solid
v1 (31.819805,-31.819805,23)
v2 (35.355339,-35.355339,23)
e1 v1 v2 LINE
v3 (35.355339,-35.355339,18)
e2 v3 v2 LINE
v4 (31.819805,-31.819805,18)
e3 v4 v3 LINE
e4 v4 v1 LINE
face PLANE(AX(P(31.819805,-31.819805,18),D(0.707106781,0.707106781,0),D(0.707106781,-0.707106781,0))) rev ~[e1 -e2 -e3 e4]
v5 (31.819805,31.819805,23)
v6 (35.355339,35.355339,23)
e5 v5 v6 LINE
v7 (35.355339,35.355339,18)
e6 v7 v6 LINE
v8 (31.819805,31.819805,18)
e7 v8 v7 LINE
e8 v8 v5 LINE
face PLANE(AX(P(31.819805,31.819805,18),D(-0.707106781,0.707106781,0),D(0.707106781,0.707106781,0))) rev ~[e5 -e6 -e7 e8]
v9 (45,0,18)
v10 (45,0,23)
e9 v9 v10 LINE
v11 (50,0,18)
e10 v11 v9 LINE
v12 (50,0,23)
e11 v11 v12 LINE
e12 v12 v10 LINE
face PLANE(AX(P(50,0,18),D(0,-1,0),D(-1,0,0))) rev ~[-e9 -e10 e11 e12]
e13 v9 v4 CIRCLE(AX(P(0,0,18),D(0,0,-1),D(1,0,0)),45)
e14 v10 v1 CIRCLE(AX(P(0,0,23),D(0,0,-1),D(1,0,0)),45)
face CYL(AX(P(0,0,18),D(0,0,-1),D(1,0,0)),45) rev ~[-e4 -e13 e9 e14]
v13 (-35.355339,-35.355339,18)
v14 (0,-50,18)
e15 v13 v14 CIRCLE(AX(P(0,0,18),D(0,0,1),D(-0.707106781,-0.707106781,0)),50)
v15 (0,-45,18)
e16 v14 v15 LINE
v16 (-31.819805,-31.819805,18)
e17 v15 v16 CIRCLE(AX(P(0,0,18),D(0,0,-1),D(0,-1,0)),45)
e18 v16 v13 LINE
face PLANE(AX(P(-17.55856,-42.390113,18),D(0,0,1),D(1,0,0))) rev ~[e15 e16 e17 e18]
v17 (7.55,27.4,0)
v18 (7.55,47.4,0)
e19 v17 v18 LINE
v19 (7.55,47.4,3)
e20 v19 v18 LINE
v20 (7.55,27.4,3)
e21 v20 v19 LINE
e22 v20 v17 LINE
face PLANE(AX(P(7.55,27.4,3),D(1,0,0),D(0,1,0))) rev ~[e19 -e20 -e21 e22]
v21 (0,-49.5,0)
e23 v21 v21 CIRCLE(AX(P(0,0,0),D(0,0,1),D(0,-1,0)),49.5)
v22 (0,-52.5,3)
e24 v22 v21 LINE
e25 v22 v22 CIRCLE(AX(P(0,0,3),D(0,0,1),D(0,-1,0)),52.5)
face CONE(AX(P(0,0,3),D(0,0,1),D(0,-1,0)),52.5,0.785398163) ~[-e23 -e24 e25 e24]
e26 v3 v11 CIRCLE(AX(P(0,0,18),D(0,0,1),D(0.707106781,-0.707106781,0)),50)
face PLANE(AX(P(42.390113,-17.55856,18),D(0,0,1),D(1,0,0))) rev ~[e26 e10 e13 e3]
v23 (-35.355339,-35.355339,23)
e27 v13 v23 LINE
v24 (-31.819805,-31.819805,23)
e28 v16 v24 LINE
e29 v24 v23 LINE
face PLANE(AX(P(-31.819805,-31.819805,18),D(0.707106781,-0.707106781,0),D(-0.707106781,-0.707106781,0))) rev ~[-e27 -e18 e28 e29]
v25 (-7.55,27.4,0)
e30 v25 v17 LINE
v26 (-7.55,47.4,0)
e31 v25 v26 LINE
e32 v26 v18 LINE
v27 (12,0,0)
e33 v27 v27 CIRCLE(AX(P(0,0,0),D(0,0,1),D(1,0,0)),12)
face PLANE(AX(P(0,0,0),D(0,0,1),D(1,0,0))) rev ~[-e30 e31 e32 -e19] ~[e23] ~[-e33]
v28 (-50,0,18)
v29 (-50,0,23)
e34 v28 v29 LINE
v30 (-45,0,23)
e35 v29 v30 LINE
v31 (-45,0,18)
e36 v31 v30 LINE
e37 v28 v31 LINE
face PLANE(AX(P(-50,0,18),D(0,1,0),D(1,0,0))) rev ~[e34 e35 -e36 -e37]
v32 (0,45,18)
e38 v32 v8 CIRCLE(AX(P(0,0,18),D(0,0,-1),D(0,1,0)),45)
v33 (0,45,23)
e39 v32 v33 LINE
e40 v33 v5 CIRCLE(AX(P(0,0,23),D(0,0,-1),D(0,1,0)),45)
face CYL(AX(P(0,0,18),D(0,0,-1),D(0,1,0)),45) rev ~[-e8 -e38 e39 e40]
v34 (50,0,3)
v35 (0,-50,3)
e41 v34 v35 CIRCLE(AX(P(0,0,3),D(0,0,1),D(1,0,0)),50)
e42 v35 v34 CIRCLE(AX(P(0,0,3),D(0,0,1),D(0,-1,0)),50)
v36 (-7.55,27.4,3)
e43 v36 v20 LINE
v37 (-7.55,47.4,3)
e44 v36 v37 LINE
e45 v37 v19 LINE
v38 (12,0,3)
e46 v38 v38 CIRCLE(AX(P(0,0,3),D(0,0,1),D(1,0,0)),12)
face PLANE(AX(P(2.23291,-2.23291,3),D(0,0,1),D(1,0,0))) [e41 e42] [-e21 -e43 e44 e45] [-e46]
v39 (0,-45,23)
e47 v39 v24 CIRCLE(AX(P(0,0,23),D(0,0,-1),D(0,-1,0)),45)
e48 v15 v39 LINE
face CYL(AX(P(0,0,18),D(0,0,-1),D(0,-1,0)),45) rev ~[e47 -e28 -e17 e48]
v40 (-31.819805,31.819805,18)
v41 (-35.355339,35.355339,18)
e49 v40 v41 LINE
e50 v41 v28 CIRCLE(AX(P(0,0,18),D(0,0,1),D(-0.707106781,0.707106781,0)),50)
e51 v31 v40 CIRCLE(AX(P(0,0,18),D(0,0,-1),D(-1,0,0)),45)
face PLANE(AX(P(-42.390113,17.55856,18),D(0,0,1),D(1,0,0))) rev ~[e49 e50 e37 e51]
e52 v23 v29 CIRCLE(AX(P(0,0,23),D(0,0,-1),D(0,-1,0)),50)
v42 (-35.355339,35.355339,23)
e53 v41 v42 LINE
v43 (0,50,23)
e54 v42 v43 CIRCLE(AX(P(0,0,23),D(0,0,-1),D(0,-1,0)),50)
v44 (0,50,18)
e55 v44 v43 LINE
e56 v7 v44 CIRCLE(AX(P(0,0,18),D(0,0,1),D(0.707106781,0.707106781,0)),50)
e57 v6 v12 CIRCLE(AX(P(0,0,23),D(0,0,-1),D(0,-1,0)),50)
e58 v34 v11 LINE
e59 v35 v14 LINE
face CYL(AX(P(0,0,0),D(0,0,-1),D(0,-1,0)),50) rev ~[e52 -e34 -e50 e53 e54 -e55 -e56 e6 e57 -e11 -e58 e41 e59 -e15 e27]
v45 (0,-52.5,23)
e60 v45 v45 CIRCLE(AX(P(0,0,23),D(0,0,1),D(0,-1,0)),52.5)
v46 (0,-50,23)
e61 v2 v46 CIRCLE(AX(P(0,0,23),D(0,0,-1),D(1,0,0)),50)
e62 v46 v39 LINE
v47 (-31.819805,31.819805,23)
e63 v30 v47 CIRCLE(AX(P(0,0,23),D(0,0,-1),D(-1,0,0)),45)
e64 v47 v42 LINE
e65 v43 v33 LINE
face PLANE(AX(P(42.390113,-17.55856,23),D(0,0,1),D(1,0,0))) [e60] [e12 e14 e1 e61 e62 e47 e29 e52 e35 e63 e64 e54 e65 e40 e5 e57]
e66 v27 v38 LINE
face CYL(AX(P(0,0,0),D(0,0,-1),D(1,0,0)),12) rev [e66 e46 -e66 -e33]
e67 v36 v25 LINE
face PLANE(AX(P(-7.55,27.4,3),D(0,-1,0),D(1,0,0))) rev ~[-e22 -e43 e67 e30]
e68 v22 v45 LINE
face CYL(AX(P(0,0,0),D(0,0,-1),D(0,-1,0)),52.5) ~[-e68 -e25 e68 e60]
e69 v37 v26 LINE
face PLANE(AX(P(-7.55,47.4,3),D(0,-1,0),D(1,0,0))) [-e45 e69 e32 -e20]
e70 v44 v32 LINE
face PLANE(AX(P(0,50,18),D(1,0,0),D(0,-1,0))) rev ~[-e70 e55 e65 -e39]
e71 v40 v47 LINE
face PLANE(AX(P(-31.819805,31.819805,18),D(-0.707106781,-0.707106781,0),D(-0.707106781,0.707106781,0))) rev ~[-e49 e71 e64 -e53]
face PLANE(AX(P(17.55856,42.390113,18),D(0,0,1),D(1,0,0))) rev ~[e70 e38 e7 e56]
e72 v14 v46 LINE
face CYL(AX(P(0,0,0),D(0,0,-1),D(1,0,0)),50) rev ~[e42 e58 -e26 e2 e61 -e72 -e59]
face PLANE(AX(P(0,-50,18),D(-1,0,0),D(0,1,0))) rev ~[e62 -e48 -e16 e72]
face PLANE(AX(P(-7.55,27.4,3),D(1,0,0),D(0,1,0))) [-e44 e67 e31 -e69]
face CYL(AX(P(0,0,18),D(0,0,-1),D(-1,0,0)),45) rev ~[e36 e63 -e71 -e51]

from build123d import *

# Parameters (mm, degrees)
F0_R     = 12
F1_DEPTH = 3
F2_DEPTH = 23
F4_START = 18
F4_DEPTH = 5
F5_SIZE  = 3
F6_W     = 15.1
F6_H     = 20
F7_DEPTH = 52.8


with BuildPart() as f1:
    # F0 (on Top) → F1 (new body)
    with BuildSketch(Plane.XY):
        with BuildLine():
            ThreePointArc((0, -50), (35.3553390593, -35.3553390593), (50, 0))
            ThreePointArc((50, 0), (-35.3553390593, 35.3553390593), (0, -50))
        make_face()
        Circle(F0_R, mode=Mode.SUBTRACT)
    extrude(amount=F1_DEPTH)

    # F0 (on Top) → F2 (join)
    with BuildSketch(Plane.XY):
        with BuildLine():
            ThreePointArc((52.5, 0), (-37.1231060123, 37.1231060123), (0, -52.5))
            ThreePointArc((0, -52.5), (37.1231060123, -37.1231060123), (52.5, 0))
        make_face()
        with BuildLine():
            ThreePointArc((0, -50), (-35.3553390593, 35.3553390593), (50, 0))
            ThreePointArc((50, 0), (35.3553390593, -35.3553390593), (0, -50))
        make_face(mode=Mode.SUBTRACT)
    extrude(amount=F2_DEPTH)

    # F3 (on Top) → F4 (join)
    with BuildSketch(Plane.XY.offset(F4_START)):
        with BuildLine():
            Line((31.8198051534, -31.8198051534), (35.3553390593, -35.3553390593))
            ThreePointArc((35.3553390593, -35.3553390593), (46.1939766256, -19.1341716183), (50, 0))
            Line((50, 0), (45, 0))
            ThreePointArc((45, 0), (41.574578963, -17.2207544564), (31.8198051534, -31.8198051534))
        make_face()
        with BuildLine():
            ThreePointArc((-45, 0), (-41.574578963, 17.2207544564), (-31.8198051534, 31.8198051534))
            Line((-31.8198051534, 31.8198051534), (-35.3553390593, 35.3553390593))
            ThreePointArc((-35.3553390593, 35.3553390593), (-46.1939766256, 19.1341716183), (-50, 0))
            Line((-50, 0), (-45, 0))
        make_face()
        with BuildLine():
            ThreePointArc((35.3553390593, 35.3553390593), (19.1341716183, 46.1939766256), (0, 50))
            Line((0, 50), (0, 45))
            ThreePointArc((0, 45), (17.2207544564, 41.574578963), (31.8198051534, 31.8198051534))
            Line((31.8198051534, 31.8198051534), (35.3553390593, 35.3553390593))
        make_face()
        with BuildLine():
            Line((-31.8198051534, -31.8198051534), (-35.3553390593, -35.3553390593))
            ThreePointArc((-35.3553390593, -35.3553390593), (-19.1341716183, -46.1939766256), (0, -50))
            Line((0, -50), (0, -45))
            ThreePointArc((0, -45), (-17.2207544564, -41.574578963), (-31.8198051534, -31.8198051534))
        make_face()
    extrude(amount=F4_DEPTH)

    # F5
    f5_edges = [f1.edges().sort_by_distance(p)[0] for p in [
        (0, 52.5, 0),
    ]]
    chamfer(f5_edges, length=F5_SIZE)

    # F6 (on face) → F7 (cut)
    with BuildSketch(Plane.XY.offset(3)):
        with Locations((0, 37.4)):
            Rectangle(F6_W, F6_H)
    extrude(amount=-F7_DEPTH, mode=Mode.SUBTRACT)


solid = f1.part
